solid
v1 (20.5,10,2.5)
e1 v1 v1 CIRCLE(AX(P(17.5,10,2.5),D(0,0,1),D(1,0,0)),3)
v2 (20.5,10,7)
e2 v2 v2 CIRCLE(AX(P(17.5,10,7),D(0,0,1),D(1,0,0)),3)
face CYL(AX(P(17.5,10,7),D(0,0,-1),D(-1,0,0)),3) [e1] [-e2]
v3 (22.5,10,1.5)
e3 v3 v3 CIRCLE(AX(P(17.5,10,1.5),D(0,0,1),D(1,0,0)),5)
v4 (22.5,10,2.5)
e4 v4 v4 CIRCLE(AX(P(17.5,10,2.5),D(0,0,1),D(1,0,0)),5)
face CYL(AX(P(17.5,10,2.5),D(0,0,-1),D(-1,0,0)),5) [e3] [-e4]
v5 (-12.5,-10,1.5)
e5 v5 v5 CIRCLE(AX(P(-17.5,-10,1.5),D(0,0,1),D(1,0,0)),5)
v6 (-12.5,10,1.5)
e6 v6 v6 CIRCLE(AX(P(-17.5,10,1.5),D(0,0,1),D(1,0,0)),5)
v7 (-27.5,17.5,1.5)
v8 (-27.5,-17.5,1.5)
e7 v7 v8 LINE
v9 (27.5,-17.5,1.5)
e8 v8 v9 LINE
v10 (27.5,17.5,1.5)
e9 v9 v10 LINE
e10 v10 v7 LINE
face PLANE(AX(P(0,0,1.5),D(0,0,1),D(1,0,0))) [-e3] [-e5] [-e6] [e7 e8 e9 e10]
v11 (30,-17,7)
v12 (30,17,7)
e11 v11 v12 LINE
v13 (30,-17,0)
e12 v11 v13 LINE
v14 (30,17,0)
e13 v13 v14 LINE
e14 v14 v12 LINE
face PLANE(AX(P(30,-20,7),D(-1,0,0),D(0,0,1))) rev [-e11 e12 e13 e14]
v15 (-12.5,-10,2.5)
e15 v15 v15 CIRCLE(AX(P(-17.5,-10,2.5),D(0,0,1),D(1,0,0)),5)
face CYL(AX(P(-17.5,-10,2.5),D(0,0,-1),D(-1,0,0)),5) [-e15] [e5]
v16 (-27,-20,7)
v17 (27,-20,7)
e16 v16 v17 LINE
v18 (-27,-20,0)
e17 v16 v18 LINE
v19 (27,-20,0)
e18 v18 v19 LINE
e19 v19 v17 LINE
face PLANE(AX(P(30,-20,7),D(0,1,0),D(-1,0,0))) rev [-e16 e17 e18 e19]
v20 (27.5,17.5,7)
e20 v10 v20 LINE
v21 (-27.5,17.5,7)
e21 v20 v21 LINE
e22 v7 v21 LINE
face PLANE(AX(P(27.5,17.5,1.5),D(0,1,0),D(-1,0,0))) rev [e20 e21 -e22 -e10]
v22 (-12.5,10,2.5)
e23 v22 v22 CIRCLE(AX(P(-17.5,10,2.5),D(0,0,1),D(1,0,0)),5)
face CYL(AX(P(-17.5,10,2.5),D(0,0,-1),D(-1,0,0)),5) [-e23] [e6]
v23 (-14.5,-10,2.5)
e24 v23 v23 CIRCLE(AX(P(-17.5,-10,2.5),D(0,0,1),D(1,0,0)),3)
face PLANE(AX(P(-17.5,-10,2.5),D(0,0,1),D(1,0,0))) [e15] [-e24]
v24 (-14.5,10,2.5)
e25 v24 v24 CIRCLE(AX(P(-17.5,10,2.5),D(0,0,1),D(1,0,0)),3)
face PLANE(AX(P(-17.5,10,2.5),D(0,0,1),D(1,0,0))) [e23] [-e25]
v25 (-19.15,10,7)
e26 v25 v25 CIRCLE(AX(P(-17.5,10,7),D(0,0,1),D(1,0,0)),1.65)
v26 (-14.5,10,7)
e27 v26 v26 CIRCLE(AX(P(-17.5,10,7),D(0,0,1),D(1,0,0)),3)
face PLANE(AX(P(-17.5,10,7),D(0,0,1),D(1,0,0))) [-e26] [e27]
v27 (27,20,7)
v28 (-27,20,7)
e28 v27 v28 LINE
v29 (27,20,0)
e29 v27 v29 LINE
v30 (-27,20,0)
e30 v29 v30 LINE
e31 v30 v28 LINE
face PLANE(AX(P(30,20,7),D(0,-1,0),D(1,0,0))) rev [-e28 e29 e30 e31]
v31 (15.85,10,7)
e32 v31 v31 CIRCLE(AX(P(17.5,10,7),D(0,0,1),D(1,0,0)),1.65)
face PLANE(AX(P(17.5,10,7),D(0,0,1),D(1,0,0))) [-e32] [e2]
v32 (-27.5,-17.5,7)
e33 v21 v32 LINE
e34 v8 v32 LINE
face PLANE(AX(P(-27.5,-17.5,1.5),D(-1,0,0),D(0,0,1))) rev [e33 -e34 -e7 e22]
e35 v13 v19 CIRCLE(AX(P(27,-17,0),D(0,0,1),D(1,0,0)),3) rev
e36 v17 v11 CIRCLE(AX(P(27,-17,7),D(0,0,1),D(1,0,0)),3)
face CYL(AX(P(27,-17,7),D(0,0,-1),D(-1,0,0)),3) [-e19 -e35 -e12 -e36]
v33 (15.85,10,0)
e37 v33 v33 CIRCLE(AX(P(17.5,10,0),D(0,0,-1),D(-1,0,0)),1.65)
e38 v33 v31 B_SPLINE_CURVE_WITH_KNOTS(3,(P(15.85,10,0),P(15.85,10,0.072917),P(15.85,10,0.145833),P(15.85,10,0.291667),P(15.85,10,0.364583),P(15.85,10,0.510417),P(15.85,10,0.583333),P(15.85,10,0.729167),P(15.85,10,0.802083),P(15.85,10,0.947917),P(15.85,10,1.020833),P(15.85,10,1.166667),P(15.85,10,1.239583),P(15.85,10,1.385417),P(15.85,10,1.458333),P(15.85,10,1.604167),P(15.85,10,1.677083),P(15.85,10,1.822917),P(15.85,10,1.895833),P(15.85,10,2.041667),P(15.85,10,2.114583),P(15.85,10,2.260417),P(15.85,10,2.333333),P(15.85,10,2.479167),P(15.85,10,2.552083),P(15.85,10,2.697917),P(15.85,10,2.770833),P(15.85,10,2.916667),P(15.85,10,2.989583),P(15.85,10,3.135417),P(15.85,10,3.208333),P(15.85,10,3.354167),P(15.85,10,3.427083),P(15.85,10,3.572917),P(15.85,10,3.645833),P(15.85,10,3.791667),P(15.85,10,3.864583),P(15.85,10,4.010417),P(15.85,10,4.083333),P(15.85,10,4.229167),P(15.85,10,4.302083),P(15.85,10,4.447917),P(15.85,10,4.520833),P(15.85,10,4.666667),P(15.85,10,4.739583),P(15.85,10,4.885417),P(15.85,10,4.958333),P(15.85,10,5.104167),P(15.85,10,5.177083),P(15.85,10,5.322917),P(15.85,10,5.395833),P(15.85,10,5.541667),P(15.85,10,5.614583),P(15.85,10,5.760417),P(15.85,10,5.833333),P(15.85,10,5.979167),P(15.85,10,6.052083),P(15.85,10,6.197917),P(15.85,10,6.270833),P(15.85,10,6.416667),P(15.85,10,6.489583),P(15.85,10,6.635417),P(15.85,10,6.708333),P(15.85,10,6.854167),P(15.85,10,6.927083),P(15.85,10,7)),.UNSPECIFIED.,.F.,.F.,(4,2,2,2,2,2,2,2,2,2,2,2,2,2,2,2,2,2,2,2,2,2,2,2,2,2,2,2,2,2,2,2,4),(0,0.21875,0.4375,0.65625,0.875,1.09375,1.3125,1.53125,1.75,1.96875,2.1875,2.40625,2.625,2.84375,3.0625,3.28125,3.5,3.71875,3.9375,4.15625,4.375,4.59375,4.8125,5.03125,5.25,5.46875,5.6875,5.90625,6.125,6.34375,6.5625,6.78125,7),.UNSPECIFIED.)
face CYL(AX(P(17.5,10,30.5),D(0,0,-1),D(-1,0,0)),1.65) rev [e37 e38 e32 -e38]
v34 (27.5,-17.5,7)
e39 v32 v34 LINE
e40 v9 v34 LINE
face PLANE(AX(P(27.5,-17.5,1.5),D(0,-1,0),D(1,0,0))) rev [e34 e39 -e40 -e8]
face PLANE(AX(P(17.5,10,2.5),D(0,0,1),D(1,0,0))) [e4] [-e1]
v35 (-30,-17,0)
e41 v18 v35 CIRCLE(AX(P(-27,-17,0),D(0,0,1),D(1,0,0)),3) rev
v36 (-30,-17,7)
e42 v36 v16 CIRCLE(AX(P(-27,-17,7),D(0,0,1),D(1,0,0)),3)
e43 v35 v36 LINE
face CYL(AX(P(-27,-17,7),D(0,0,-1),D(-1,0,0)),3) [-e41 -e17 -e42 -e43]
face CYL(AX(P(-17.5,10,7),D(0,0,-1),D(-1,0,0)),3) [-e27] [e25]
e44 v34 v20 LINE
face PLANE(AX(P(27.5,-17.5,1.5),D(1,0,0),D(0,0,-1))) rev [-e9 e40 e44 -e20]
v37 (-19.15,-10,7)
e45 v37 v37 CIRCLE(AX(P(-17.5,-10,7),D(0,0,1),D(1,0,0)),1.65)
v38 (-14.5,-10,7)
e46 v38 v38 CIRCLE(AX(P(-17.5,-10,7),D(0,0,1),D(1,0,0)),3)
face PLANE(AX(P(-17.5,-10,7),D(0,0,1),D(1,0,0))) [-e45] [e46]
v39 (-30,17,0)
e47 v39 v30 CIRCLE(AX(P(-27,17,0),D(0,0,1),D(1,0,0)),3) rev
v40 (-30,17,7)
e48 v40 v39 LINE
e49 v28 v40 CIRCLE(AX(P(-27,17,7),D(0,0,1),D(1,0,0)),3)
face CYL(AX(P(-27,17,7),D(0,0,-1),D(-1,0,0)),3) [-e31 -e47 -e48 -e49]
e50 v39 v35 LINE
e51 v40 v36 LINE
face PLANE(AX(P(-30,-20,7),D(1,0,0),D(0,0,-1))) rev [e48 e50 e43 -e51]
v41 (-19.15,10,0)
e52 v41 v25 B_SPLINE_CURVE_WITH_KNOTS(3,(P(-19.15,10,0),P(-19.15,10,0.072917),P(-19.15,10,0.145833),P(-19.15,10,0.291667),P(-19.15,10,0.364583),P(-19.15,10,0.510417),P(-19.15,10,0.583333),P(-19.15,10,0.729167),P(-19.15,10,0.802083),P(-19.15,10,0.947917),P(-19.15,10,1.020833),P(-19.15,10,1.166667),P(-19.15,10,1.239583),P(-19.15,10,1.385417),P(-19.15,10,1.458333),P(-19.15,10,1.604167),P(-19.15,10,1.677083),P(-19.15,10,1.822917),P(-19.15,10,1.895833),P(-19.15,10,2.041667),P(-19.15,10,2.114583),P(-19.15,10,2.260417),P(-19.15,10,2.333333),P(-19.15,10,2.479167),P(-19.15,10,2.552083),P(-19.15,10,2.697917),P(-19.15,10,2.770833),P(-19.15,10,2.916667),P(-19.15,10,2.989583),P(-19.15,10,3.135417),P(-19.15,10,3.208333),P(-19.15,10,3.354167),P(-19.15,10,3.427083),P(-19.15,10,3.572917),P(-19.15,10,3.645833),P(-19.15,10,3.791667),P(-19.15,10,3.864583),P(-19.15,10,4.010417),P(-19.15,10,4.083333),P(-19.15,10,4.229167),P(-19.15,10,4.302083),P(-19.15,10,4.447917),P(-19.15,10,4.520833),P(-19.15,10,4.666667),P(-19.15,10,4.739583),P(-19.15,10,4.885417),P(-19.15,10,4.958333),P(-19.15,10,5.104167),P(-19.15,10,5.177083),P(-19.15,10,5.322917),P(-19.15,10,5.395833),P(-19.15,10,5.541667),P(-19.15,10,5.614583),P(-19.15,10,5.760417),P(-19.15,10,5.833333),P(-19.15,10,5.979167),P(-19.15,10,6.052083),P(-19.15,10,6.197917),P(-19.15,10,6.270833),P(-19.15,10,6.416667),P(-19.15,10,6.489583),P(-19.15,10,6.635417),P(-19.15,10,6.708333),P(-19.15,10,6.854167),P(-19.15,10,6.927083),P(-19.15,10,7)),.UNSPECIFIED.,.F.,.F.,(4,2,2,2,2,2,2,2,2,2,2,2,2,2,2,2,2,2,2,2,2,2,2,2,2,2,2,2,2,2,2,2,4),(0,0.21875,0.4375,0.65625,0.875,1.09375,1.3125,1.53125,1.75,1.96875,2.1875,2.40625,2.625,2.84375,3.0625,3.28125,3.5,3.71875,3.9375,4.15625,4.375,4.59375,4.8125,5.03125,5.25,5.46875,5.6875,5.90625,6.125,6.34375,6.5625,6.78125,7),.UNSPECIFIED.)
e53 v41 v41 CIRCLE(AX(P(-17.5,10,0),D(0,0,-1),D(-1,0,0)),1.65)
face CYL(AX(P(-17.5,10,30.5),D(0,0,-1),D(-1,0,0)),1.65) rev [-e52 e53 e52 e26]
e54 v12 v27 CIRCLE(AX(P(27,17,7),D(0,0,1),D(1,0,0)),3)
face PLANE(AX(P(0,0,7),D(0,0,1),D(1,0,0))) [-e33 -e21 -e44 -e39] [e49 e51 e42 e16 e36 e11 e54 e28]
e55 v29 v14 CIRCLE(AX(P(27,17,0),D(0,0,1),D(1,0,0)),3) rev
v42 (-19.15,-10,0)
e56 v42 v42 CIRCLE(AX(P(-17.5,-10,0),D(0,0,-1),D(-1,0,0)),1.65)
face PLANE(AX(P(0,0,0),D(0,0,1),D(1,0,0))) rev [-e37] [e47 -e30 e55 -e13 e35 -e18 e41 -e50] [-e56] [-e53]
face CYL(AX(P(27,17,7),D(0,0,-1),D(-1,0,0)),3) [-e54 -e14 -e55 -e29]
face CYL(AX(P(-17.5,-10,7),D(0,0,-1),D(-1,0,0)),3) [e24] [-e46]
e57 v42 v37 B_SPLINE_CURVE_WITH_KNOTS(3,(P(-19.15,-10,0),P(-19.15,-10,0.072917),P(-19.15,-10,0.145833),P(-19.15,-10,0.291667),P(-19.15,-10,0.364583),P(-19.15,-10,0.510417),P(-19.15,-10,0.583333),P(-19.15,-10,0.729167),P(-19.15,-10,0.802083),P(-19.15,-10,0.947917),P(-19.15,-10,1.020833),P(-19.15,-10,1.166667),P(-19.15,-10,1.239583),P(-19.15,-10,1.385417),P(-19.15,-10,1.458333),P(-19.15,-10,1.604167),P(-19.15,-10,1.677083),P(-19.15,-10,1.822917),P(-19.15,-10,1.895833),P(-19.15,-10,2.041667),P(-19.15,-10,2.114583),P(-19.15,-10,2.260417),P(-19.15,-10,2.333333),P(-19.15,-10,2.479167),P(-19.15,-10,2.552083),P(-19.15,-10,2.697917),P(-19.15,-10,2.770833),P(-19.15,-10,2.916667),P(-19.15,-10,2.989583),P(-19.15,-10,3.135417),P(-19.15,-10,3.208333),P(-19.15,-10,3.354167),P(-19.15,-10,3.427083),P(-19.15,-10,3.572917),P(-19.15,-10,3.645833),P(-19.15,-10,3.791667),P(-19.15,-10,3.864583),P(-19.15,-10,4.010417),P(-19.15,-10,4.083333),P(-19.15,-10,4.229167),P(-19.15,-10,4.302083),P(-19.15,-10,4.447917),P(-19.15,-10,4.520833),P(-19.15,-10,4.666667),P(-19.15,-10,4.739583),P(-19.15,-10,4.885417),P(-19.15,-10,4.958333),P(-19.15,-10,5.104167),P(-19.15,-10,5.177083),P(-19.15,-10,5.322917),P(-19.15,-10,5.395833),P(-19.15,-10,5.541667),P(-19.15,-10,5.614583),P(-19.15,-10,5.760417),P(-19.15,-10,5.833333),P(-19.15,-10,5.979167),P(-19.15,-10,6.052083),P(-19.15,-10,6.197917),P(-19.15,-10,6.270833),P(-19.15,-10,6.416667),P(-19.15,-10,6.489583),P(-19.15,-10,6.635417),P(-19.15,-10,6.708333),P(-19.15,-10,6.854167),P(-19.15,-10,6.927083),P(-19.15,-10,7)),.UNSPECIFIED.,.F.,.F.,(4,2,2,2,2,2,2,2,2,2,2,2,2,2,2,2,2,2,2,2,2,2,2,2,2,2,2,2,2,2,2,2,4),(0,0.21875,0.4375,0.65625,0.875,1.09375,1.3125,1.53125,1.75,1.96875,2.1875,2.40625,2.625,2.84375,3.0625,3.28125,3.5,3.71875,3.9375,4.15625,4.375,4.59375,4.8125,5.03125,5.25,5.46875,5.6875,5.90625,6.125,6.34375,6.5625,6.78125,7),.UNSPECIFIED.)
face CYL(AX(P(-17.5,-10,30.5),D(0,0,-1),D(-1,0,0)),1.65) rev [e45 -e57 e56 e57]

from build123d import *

# Parameters (mm, degrees)
CROQUIS1_W              = 60
CROQUIS1_H              = 40
SALIENTE_EXTRUIR1_DEPTH = 7
CROQUIS2_W              = 55
CROQUIS2_H              = 35
CORTAR_EXTRUIR1_DEPTH   = 5.5
REDONDEO1_R             = 3
CROQUIS3_R              = 1.65
CORTAR_EXTRUIR2_DEPTH   = 30.5
CROQUIS5_R              = 5
CROQUIS5_R_2            = 1.65
SALIENTE_EXTRUIR2_DEPTH = 1
CROQUIS6_R              = 3
CROQUIS6_R_2            = 1.65
SALIENTE_EXTRUIR3_DEPTH = 4.5


with BuildPart() as part:
    # Croquis1 → Saliente-Extruir1 (new body)
    with BuildSketch(Plane.XY):
        Rectangle(CROQUIS1_W, CROQUIS1_H)
    extrude(amount=SALIENTE_EXTRUIR1_DEPTH)

    # Croquis2 → Cortar-Extruir1 (cut)
    with BuildSketch(Plane.XY.offset(7)):
        Rectangle(CROQUIS2_W, CROQUIS2_H)
    extrude(amount=-CORTAR_EXTRUIR1_DEPTH, mode=Mode.SUBTRACT)

    # Redondeo1
    redondeo1_edges = [part.edges().sort_by_distance(p)[0] for p in [
        (-30, 20, 3.5),
        (30, 20, 3.5),
        (30, -20, 3.5),
        (-30, -20, 3.5),
    ]]
    fillet(redondeo1_edges, radius=REDONDEO1_R)

    # Croquis3 → Cortar-Extruir2 (cut)
    with BuildSketch(Plane(origin=(0, 0, 0), x_dir=(-1, 0, 0), z_dir=(0, 0, -1))):
        with Locations((-17.5, 10)):
            Circle(CROQUIS3_R)
        with Locations((17.5, 10)):
            Circle(CROQUIS3_R)
        with Locations((17.5, -10)):
            Circle(CROQUIS3_R)
    extrude(amount=-CORTAR_EXTRUIR2_DEPTH, mode=Mode.SUBTRACT)

    # Croquis5 → Saliente-Extruir2 (add)
    # profile 1 of 3: a face of its own
    with BuildSketch(Plane.XY.offset(1.5)):
        with Locations((-17.5, 10)):
            Circle(CROQUIS5_R)
        with Locations(Location((-17.5, 10, 0), (0, 0, 180))):
            Circle(CROQUIS5_R_2, mode=Mode.SUBTRACT)
    # profile 2 of 3: a face of its own
    with BuildSketch(Plane.XY.offset(1.5)):
        with Locations((17.5, 10)):
            Circle(CROQUIS5_R)
        with Locations(Location((17.5, 10, 0), (0, 0, 180))):
            Circle(CROQUIS5_R_2, mode=Mode.SUBTRACT)
    # profile 3 of 3: a face of its own
    with BuildSketch(Plane.XY.offset(1.5)):
        with Locations((-17.5, -10)):
            Circle(CROQUIS5_R)
        with Locations(Location((-17.5, -10, 0), (0, 0, 180))):
            Circle(CROQUIS5_R_2, mode=Mode.SUBTRACT)
    extrude(amount=SALIENTE_EXTRUIR2_DEPTH)

    # Croquis6 → Saliente-Extruir3 (add)
    # profile 1 of 3: a face of its own
    with BuildSketch(Plane.XY.offset(2.5)):
        with Locations((-17.5, 10)):
            Circle(CROQUIS6_R)
        with Locations(Location((-17.5, 10, 0), (0, 0, 180))):
            Circle(CROQUIS6_R_2, mode=Mode.SUBTRACT)
    # profile 2 of 3: a face of its own
    with BuildSketch(Plane.XY.offset(2.5)):
        with Locations((17.5, 10)):
            Circle(CROQUIS6_R)
        with Locations(Location((17.5, 10, 0), (0, 0, 180))):
            Circle(CROQUIS6_R_2, mode=Mode.SUBTRACT)
    # profile 3 of 3: a face of its own
    with BuildSketch(Plane.XY.offset(2.5)):
        with Locations((-17.5, -10)):
            Circle(CROQUIS6_R)
        with Locations(Location((-17.5, -10, 0), (0, 0, 180))):
            Circle(CROQUIS6_R_2, mode=Mode.SUBTRACT)
    extrude(amount=SALIENTE_EXTRUIR3_DEPTH)


solid = part.part
